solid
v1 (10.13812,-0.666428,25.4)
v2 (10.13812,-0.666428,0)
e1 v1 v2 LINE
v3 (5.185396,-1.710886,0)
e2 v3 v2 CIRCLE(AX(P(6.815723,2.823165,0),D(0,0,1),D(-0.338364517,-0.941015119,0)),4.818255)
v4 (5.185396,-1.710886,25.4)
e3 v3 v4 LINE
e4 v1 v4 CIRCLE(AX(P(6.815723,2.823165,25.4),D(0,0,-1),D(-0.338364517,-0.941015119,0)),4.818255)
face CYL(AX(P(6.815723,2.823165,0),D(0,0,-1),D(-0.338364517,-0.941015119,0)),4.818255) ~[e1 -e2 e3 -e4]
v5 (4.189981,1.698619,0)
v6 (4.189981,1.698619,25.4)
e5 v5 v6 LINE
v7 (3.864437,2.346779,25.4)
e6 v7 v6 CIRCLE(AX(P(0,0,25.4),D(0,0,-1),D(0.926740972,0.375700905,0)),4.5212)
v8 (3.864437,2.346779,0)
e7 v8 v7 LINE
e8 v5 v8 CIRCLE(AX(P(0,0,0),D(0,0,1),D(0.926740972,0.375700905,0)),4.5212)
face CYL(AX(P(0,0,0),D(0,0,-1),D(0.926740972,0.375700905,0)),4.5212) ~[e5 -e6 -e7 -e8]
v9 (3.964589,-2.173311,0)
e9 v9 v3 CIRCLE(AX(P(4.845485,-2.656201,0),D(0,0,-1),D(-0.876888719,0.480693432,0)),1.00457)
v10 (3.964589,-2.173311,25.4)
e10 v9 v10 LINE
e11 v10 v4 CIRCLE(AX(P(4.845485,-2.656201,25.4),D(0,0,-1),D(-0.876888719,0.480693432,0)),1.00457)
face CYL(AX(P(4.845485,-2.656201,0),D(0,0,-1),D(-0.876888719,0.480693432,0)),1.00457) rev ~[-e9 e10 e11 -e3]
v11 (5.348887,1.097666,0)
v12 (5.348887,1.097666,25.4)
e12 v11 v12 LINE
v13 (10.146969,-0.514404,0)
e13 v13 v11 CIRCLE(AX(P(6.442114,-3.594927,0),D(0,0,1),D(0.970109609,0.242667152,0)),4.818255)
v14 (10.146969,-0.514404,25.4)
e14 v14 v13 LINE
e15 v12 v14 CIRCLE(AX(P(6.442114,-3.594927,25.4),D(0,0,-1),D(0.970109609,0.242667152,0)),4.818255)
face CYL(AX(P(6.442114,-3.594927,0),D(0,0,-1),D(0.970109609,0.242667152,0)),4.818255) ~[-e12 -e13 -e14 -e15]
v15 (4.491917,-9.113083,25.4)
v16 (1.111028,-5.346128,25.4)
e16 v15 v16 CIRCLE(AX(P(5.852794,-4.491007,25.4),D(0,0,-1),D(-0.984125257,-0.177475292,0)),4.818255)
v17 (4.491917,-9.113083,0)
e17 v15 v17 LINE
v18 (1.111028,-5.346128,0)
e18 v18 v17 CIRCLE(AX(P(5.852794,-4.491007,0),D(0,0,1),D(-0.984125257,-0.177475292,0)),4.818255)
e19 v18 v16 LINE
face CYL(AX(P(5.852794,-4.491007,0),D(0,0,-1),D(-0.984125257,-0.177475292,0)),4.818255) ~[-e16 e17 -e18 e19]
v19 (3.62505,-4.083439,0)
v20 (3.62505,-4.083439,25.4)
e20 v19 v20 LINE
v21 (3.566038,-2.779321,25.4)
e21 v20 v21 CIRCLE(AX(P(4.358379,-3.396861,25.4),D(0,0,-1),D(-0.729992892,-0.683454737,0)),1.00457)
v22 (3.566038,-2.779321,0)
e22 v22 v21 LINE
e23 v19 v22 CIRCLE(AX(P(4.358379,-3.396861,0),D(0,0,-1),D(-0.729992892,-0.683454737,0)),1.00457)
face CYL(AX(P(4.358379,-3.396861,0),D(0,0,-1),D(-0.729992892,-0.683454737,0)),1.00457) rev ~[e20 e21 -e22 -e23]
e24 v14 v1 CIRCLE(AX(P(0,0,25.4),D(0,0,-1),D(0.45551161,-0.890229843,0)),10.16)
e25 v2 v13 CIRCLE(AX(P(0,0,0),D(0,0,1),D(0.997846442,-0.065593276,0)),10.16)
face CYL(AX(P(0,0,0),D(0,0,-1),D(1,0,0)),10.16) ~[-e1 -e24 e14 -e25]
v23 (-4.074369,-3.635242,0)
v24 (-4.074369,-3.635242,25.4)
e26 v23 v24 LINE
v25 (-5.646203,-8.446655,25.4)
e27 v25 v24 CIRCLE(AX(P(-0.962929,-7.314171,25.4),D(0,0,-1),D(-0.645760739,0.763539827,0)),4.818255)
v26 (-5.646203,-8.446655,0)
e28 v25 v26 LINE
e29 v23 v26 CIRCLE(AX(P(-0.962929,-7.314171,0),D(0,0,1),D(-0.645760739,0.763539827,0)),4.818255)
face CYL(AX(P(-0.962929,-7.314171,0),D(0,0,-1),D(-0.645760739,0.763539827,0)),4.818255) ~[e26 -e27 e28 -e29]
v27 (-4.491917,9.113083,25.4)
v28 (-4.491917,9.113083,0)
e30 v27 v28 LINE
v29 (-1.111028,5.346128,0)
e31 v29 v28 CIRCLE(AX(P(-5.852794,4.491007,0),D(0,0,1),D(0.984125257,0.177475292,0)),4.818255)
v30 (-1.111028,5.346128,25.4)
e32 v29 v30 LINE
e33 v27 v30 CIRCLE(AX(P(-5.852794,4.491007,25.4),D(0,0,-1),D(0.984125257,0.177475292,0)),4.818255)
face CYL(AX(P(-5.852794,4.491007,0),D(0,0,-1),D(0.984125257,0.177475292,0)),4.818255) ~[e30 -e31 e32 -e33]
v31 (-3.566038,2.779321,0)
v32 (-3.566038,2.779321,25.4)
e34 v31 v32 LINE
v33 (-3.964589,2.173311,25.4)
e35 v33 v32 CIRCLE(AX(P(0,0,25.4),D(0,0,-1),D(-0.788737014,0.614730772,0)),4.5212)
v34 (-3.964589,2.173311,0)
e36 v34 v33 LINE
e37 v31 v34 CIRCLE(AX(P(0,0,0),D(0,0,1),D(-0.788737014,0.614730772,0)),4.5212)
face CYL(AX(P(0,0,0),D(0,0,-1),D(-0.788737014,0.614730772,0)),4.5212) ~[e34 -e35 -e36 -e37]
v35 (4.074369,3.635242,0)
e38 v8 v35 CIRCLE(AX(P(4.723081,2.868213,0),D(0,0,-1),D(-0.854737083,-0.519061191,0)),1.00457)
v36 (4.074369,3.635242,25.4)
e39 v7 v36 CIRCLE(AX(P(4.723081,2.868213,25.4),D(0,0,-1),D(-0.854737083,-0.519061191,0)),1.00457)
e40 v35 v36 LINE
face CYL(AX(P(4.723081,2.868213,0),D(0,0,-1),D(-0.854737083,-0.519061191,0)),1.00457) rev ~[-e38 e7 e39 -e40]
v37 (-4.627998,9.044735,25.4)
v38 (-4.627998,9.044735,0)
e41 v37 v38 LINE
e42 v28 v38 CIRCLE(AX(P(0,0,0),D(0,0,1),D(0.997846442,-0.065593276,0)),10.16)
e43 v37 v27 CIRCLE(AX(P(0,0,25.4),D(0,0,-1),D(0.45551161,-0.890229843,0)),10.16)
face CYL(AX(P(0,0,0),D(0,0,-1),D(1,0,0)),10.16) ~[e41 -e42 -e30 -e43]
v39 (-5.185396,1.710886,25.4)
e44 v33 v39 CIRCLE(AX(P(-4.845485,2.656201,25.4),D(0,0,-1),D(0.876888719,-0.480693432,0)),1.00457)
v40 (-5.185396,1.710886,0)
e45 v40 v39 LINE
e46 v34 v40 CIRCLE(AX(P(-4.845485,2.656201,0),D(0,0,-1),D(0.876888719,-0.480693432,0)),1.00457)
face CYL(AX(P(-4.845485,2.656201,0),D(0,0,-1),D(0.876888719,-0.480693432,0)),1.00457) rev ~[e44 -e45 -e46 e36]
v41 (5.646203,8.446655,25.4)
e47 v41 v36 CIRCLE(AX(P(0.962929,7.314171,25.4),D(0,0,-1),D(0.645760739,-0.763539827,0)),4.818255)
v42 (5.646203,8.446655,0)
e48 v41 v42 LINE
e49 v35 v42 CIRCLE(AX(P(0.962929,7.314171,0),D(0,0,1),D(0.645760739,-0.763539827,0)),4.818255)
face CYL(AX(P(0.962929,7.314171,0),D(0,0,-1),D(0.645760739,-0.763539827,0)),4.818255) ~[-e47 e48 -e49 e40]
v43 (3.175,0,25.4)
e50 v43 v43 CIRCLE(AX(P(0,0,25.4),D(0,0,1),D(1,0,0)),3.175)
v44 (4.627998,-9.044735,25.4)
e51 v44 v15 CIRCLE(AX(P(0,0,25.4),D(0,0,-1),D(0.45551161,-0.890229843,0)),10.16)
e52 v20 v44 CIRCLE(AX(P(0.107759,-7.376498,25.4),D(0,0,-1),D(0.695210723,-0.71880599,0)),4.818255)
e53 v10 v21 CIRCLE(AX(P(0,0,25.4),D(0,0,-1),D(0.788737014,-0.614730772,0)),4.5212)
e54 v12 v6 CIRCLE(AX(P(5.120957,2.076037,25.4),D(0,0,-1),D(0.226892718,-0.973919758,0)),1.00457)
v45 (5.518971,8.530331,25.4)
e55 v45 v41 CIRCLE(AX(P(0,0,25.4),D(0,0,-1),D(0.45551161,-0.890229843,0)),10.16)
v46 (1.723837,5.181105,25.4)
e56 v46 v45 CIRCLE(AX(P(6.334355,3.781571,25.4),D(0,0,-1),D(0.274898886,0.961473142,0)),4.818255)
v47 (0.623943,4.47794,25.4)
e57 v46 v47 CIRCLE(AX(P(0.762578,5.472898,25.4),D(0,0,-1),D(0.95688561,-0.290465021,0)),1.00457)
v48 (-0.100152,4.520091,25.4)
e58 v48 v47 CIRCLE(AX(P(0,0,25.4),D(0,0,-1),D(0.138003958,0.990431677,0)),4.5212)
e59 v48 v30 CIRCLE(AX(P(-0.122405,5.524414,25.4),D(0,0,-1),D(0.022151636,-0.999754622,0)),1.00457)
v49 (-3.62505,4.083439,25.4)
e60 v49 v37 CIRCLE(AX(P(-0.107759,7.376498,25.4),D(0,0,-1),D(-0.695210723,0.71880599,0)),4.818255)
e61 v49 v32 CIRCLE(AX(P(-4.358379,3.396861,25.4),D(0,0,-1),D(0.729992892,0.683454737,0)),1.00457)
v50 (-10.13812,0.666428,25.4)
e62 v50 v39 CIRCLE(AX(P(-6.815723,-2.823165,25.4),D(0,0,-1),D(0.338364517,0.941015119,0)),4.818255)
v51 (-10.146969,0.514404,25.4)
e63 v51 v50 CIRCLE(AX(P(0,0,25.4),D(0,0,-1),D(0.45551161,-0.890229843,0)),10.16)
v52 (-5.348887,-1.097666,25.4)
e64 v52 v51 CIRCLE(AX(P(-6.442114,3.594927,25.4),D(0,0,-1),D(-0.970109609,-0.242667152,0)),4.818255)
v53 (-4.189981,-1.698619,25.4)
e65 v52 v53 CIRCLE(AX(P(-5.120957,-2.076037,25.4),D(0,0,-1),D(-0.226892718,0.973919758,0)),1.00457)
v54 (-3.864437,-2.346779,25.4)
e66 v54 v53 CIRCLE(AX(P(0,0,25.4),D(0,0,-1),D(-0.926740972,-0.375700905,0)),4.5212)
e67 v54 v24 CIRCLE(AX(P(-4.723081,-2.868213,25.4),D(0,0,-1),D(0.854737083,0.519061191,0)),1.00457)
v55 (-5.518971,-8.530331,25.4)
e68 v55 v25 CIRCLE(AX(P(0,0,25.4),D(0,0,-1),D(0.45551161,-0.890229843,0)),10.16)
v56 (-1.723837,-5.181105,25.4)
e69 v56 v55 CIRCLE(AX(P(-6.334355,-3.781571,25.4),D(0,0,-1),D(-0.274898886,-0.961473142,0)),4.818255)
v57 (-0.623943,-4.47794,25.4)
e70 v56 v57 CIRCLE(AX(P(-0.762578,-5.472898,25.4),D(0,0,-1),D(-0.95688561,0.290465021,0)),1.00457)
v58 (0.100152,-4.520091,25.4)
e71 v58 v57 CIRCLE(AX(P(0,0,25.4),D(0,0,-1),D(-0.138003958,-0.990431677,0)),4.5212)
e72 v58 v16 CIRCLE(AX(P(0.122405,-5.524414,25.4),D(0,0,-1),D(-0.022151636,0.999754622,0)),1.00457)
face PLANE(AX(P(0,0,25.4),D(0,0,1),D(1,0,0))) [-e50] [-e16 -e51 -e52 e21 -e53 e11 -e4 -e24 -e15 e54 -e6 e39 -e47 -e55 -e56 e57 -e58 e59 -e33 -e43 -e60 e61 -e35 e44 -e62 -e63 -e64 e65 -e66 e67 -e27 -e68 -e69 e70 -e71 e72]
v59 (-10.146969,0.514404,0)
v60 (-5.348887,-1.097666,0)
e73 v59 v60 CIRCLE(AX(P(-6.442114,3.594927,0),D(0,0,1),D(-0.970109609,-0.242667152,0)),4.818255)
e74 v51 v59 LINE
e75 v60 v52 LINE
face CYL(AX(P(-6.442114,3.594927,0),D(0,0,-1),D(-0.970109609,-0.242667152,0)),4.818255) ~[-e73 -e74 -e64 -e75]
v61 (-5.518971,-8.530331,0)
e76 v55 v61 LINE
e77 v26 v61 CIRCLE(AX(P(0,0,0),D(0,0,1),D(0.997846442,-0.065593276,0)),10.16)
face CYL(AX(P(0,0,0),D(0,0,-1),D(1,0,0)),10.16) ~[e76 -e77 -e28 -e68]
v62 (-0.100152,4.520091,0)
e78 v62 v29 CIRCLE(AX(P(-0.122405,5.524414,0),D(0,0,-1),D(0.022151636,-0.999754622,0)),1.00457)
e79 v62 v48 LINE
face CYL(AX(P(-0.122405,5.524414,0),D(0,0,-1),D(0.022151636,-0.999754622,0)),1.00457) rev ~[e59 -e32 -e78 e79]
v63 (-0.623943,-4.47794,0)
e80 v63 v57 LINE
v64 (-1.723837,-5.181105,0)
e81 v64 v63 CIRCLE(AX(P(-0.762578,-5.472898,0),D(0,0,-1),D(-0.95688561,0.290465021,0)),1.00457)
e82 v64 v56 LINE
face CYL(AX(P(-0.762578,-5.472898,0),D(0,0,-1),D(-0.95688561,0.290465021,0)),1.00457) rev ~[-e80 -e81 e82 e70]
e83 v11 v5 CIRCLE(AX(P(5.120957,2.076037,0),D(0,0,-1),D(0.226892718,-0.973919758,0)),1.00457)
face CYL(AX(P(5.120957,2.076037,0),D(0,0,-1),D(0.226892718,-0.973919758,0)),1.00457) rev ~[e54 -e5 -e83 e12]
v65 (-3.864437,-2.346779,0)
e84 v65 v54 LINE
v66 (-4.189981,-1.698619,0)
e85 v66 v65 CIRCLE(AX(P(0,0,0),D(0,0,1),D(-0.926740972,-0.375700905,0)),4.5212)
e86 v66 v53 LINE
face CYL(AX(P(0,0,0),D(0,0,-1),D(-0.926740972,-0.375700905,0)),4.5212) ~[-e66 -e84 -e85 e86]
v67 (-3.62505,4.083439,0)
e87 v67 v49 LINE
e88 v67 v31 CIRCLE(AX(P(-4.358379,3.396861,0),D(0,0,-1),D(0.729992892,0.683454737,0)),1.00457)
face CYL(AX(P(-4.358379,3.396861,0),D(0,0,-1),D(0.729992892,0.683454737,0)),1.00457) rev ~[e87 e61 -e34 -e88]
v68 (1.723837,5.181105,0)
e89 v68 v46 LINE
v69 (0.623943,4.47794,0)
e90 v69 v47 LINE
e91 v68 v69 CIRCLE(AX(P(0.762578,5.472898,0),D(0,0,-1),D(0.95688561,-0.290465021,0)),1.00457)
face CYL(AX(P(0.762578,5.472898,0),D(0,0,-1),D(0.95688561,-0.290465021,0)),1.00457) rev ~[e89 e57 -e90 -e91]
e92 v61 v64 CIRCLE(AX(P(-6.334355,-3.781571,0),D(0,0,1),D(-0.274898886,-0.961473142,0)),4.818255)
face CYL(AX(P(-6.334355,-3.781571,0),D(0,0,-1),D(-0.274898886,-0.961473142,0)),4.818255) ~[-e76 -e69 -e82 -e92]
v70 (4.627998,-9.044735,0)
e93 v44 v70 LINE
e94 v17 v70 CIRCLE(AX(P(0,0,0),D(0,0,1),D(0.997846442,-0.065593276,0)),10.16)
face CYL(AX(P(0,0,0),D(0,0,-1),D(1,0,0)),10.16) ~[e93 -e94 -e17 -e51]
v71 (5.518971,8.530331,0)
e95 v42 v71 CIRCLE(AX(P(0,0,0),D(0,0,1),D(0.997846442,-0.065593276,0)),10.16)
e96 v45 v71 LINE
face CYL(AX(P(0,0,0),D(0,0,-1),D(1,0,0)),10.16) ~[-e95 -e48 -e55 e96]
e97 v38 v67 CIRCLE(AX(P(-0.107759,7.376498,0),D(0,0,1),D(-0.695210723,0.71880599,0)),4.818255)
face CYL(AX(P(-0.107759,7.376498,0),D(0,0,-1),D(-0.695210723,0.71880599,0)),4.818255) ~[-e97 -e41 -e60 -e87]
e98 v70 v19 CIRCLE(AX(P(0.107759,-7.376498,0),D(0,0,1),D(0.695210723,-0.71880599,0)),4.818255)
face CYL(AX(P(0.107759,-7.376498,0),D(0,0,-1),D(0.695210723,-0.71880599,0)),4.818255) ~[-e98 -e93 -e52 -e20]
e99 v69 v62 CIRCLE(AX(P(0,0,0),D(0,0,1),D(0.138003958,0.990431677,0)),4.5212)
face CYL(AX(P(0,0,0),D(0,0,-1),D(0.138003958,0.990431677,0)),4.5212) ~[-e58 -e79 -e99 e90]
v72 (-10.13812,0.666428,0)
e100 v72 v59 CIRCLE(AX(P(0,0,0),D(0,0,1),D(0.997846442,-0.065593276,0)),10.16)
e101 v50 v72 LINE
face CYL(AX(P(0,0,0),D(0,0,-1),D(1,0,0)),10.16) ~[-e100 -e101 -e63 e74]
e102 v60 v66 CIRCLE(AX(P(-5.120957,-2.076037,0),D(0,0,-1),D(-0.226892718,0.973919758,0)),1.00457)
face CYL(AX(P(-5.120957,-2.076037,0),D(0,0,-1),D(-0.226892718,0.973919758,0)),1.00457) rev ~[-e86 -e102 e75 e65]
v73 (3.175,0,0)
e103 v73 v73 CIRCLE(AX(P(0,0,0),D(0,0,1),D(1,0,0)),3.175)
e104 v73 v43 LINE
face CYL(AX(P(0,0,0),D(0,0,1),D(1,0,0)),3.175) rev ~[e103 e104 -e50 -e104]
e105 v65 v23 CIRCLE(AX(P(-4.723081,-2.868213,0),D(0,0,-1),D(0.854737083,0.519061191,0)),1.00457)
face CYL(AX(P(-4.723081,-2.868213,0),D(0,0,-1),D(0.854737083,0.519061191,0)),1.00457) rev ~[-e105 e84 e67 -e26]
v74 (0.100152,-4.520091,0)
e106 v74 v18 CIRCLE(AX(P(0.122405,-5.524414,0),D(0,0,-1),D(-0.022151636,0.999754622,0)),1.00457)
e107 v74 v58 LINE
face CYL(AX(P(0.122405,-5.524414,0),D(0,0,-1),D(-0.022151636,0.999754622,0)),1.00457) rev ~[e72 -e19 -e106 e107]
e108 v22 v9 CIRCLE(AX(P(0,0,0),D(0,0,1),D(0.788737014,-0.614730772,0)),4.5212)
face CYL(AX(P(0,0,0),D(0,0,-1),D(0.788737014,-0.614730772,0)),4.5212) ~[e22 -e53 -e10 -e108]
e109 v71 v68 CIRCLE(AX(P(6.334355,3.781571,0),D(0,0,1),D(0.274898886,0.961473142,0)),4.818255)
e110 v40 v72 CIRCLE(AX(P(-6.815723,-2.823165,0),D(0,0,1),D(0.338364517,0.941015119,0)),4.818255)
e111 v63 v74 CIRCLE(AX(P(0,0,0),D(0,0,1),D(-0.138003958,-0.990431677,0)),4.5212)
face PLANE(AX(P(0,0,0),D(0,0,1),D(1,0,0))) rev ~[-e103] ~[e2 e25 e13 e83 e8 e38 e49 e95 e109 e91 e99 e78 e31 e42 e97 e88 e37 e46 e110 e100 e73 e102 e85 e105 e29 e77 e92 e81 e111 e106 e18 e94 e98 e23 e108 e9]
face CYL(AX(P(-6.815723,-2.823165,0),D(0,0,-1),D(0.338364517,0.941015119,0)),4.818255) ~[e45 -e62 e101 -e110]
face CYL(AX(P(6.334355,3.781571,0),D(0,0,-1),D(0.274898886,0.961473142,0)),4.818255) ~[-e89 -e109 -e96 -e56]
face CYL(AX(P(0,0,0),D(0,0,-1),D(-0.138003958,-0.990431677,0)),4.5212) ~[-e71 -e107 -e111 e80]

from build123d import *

# Parameters (mm, degrees)
SKETCH3_R         = 10.16
GEARBODY_DEPTH    = 25.4
TOOTHCUT_DEPTH    = 30.182378244
CIRPATTERN1_COUNT = 6
BOREDIA_R         = 3.175
BORE_DEPTH        = 12700


with BuildPart() as part:
    # Sketch3 → gearBody (new body)
    with BuildSketch(Plane.XY):
        Circle(SKETCH3_R)
    extrude(amount=GEARBODY_DEPTH)

    # Sketch2 → toothCut (cut, through all)
    with BuildSketch(Plane.XY):
        with BuildLine():
            ThreePointArc((3.5660378, -2.779320753), (3.777485663, -2.484321137), (3.964589271, -2.17331115))
            ThreePointArc((3.964589271, -2.17331115), (4.48964051, -1.716767841), (5.185396213, -1.710885794))
            ThreePointArc((5.185396213, -1.710885794), (8.833530023, -1.552224601), (11.322719982, 1.119476546))
            ThreePointArc((11.322719982, 1.119476546), (9.506315779, -6.251973755), (3.457461034, -10.839888317))
            ThreePointArc((3.457461034, -10.839888317), (4.924531858, -7.495974911), (3.625050385, -4.083438967))
            ThreePointArc((3.625050385, -4.083438967), (3.354836271, -3.442272117), (3.5660378, -2.779320753))
        make_face()
    toothcut = extrude(amount=TOOTHCUT_DEPTH, mode=Mode.SUBTRACT)

    # CirPattern1: toothCut ×6 about axis
    cirpattern1_axis = Axis((0, 0, 25.4), (0, 0, -1))
    for i in range(1, CIRPATTERN1_COUNT):
        add(toothcut.rotate(cirpattern1_axis, i * 360 / CIRPATTERN1_COUNT), mode=Mode.SUBTRACT)

    # boreDia → bore (cut, symmetric)
    with BuildSketch(Plane.XY):
        Circle(BOREDIA_R)
    extrude(amount=BORE_DEPTH, both=True, mode=Mode.SUBTRACT)


solid = part.part
